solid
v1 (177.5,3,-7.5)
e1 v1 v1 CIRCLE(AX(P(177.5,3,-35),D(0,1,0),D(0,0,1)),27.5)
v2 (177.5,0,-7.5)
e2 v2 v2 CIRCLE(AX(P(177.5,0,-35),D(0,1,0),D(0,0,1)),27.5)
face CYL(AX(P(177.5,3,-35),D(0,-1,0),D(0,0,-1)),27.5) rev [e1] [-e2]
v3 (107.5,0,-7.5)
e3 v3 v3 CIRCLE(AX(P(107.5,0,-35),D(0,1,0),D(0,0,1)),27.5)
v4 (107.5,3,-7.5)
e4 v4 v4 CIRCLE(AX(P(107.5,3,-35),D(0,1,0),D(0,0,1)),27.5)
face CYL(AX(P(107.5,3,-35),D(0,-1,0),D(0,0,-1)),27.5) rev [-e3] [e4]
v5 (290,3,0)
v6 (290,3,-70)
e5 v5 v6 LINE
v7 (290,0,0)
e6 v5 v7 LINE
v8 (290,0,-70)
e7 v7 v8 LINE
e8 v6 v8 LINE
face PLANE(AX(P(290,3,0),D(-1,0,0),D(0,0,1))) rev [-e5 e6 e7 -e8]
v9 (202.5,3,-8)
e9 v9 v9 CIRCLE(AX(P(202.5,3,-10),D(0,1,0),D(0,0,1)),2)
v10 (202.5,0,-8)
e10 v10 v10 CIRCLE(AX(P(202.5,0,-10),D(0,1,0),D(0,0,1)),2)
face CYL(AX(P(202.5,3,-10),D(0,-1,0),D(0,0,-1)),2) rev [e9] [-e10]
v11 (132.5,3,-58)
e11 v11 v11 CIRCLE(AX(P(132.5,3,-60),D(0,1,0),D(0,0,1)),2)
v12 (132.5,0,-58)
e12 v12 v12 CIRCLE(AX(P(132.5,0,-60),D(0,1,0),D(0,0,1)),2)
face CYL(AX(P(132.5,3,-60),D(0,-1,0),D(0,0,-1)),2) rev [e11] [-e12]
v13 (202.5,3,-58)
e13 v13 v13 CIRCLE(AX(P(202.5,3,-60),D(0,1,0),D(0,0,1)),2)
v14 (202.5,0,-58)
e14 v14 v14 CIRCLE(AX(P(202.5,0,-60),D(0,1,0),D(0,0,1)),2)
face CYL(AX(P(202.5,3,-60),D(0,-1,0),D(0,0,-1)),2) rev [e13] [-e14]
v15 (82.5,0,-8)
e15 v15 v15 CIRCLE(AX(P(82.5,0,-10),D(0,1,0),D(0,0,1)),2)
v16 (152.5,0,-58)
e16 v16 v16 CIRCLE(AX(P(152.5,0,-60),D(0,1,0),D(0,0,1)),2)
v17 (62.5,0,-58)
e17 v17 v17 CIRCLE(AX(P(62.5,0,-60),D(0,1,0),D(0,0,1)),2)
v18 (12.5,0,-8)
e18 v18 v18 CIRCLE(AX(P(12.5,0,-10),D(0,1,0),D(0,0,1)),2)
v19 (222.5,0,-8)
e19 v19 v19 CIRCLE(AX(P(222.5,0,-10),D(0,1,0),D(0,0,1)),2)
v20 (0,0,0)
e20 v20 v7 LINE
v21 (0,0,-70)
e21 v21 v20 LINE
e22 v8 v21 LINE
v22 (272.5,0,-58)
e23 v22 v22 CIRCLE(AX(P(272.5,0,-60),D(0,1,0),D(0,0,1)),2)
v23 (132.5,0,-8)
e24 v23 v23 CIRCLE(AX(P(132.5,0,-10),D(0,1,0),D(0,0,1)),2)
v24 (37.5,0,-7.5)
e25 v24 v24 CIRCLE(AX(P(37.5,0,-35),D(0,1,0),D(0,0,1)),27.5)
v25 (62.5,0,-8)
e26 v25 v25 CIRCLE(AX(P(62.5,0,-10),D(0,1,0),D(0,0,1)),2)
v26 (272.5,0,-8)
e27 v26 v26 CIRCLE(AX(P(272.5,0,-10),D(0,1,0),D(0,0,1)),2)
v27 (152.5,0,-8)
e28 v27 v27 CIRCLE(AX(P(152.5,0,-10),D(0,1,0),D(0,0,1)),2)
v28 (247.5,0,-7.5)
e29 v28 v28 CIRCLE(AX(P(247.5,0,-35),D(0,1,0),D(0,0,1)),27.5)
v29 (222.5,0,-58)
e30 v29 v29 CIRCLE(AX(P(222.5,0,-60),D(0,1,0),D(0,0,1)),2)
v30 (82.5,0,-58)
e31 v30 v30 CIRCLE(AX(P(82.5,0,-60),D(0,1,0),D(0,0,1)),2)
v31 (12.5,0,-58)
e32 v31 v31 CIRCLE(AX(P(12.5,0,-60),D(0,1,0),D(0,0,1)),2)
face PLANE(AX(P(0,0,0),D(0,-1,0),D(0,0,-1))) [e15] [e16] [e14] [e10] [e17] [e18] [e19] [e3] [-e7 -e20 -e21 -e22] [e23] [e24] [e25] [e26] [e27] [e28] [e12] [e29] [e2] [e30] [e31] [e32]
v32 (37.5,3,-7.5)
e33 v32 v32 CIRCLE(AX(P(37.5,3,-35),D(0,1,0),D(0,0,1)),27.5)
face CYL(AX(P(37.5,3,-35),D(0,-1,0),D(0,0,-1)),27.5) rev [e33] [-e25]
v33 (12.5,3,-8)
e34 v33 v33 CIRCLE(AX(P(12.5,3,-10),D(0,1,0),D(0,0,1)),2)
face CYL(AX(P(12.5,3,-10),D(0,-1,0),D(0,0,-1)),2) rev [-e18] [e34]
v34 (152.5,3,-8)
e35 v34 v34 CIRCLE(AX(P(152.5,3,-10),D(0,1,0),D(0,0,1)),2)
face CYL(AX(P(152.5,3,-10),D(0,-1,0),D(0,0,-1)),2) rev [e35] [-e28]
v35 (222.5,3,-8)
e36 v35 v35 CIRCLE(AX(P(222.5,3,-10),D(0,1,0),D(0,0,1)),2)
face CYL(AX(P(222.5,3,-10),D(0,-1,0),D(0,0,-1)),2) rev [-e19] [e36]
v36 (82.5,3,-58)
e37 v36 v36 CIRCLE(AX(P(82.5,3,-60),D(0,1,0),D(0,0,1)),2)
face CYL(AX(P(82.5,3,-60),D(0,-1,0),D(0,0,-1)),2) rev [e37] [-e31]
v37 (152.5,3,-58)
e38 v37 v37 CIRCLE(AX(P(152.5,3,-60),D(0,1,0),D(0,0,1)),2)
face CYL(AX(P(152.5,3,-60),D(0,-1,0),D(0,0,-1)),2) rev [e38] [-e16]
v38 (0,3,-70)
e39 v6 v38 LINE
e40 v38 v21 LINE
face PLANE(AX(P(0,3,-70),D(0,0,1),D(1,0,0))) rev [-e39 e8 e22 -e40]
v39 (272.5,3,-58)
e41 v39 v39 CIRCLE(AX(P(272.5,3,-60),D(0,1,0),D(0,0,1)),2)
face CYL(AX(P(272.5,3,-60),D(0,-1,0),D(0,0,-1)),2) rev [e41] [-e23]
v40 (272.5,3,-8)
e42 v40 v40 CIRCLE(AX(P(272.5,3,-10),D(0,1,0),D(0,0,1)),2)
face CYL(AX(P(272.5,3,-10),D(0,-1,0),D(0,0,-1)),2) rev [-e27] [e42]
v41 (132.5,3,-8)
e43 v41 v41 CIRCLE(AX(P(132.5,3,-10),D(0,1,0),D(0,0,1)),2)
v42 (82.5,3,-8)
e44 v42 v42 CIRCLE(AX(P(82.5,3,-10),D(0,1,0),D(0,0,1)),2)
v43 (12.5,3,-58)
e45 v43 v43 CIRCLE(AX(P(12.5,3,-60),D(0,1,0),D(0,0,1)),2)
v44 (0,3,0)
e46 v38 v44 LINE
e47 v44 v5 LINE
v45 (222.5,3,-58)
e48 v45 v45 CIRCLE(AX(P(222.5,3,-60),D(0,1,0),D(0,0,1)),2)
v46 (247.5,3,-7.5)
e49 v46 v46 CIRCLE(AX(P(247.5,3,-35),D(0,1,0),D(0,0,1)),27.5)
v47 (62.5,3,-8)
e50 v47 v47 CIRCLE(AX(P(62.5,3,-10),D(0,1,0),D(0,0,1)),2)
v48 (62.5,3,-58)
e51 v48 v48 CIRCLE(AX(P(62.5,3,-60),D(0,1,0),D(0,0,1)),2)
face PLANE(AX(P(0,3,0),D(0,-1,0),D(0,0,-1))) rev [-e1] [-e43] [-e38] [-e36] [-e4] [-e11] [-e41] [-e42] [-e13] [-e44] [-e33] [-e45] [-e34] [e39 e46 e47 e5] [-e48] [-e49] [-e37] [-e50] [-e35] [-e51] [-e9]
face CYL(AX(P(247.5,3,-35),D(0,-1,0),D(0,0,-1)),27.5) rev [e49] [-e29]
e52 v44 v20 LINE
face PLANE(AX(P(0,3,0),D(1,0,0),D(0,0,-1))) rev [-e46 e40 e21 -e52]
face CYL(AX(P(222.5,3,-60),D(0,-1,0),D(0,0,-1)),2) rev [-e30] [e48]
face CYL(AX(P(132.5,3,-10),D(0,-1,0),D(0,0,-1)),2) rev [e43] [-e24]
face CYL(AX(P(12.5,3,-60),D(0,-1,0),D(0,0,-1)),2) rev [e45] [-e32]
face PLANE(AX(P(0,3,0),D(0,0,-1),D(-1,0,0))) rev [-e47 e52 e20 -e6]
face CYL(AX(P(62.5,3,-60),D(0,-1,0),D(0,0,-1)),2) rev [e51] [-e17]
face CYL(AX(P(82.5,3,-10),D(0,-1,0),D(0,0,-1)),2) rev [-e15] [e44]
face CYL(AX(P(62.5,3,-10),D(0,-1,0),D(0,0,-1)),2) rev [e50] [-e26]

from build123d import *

# Parameters (mm, degrees)
IZIM1_W                     = 290
IZIM1_H                     = 70
IZIM1_R                     = 27.5
IZIM1_R_2                   = 2
Y_KSEKLIK_EKSTR_ZYON1_DEPTH = 3


with BuildPart() as part:
    # Çizim1 → Yükseklik-Ekstrüzyon1 (new body)
    with BuildSketch(Plane(origin=(0, 0, 0), x_dir=(1, 0, 0), z_dir=(0, 1, 0))):
        with Locations((145, 35)):
            Rectangle(IZIM1_W, IZIM1_H)
        with Locations(Location((37.5, 35, 0), (0, 0, 270))):
            Circle(IZIM1_R, mode=Mode.SUBTRACT)
        with Locations(Location((12.5, 60, 0), (0, 0, 270))):
            Circle(IZIM1_R_2, mode=Mode.SUBTRACT)
        with Locations(Location((62.5, 60, 0), (0, 0, 270))):
            Circle(IZIM1_R_2, mode=Mode.SUBTRACT)
        with Locations(Location((62.5, 10, 0), (0, 0, 270))):
            Circle(IZIM1_R_2, mode=Mode.SUBTRACT)
        with Locations(Location((12.5, 10, 0), (0, 0, 270))):
            Circle(IZIM1_R_2, mode=Mode.SUBTRACT)
        with Locations(Location((107.5, 35, 0), (0, 0, 270))):
            Circle(IZIM1_R, mode=Mode.SUBTRACT)
        with Locations(Location((132.5, 60, 0), (0, 0, 270))):
            Circle(IZIM1_R_2, mode=Mode.SUBTRACT)
        with Locations(Location((132.5, 10, 0), (0, 0, 270))):
            Circle(IZIM1_R_2, mode=Mode.SUBTRACT)
        with Locations(Location((82.5, 10, 0), (0, 0, 270))):
            Circle(IZIM1_R_2, mode=Mode.SUBTRACT)
        with Locations(Location((82.5, 60, 0), (0, 0, 270))):
            Circle(IZIM1_R_2, mode=Mode.SUBTRACT)
        with Locations(Location((177.5, 35, 0), (0, 0, 270))):
            Circle(IZIM1_R, mode=Mode.SUBTRACT)
        with Locations(Location((202.5, 60, 0), (0, 0, 270))):
            Circle(IZIM1_R_2, mode=Mode.SUBTRACT)
        with Locations(Location((202.5, 10, 0), (0, 0, 270))):
            Circle(IZIM1_R_2, mode=Mode.SUBTRACT)
        with Locations(Location((152.5, 10, 0), (0, 0, 270))):
            Circle(IZIM1_R_2, mode=Mode.SUBTRACT)
        with Locations(Location((152.5, 60, 0), (0, 0, 270))):
            Circle(IZIM1_R_2, mode=Mode.SUBTRACT)
        with Locations(Location((247.5, 35, 0), (0, 0, 270))):
            Circle(IZIM1_R, mode=Mode.SUBTRACT)
        with Locations(Location((272.5, 60, 0), (0, 0, 270))):
            Circle(IZIM1_R_2, mode=Mode.SUBTRACT)
        with Locations(Location((272.5, 10, 0), (0, 0, 270))):
            Circle(IZIM1_R_2, mode=Mode.SUBTRACT)
        with Locations(Location((222.5, 10, 0), (0, 0, 270))):
            Circle(IZIM1_R_2, mode=Mode.SUBTRACT)
        with Locations(Location((222.5, 60, 0), (0, 0, 270))):
            Circle(IZIM1_R_2, mode=Mode.SUBTRACT)
    extrude(amount=Y_KSEKLIK_EKSTR_ZYON1_DEPTH)


solid = part.part
